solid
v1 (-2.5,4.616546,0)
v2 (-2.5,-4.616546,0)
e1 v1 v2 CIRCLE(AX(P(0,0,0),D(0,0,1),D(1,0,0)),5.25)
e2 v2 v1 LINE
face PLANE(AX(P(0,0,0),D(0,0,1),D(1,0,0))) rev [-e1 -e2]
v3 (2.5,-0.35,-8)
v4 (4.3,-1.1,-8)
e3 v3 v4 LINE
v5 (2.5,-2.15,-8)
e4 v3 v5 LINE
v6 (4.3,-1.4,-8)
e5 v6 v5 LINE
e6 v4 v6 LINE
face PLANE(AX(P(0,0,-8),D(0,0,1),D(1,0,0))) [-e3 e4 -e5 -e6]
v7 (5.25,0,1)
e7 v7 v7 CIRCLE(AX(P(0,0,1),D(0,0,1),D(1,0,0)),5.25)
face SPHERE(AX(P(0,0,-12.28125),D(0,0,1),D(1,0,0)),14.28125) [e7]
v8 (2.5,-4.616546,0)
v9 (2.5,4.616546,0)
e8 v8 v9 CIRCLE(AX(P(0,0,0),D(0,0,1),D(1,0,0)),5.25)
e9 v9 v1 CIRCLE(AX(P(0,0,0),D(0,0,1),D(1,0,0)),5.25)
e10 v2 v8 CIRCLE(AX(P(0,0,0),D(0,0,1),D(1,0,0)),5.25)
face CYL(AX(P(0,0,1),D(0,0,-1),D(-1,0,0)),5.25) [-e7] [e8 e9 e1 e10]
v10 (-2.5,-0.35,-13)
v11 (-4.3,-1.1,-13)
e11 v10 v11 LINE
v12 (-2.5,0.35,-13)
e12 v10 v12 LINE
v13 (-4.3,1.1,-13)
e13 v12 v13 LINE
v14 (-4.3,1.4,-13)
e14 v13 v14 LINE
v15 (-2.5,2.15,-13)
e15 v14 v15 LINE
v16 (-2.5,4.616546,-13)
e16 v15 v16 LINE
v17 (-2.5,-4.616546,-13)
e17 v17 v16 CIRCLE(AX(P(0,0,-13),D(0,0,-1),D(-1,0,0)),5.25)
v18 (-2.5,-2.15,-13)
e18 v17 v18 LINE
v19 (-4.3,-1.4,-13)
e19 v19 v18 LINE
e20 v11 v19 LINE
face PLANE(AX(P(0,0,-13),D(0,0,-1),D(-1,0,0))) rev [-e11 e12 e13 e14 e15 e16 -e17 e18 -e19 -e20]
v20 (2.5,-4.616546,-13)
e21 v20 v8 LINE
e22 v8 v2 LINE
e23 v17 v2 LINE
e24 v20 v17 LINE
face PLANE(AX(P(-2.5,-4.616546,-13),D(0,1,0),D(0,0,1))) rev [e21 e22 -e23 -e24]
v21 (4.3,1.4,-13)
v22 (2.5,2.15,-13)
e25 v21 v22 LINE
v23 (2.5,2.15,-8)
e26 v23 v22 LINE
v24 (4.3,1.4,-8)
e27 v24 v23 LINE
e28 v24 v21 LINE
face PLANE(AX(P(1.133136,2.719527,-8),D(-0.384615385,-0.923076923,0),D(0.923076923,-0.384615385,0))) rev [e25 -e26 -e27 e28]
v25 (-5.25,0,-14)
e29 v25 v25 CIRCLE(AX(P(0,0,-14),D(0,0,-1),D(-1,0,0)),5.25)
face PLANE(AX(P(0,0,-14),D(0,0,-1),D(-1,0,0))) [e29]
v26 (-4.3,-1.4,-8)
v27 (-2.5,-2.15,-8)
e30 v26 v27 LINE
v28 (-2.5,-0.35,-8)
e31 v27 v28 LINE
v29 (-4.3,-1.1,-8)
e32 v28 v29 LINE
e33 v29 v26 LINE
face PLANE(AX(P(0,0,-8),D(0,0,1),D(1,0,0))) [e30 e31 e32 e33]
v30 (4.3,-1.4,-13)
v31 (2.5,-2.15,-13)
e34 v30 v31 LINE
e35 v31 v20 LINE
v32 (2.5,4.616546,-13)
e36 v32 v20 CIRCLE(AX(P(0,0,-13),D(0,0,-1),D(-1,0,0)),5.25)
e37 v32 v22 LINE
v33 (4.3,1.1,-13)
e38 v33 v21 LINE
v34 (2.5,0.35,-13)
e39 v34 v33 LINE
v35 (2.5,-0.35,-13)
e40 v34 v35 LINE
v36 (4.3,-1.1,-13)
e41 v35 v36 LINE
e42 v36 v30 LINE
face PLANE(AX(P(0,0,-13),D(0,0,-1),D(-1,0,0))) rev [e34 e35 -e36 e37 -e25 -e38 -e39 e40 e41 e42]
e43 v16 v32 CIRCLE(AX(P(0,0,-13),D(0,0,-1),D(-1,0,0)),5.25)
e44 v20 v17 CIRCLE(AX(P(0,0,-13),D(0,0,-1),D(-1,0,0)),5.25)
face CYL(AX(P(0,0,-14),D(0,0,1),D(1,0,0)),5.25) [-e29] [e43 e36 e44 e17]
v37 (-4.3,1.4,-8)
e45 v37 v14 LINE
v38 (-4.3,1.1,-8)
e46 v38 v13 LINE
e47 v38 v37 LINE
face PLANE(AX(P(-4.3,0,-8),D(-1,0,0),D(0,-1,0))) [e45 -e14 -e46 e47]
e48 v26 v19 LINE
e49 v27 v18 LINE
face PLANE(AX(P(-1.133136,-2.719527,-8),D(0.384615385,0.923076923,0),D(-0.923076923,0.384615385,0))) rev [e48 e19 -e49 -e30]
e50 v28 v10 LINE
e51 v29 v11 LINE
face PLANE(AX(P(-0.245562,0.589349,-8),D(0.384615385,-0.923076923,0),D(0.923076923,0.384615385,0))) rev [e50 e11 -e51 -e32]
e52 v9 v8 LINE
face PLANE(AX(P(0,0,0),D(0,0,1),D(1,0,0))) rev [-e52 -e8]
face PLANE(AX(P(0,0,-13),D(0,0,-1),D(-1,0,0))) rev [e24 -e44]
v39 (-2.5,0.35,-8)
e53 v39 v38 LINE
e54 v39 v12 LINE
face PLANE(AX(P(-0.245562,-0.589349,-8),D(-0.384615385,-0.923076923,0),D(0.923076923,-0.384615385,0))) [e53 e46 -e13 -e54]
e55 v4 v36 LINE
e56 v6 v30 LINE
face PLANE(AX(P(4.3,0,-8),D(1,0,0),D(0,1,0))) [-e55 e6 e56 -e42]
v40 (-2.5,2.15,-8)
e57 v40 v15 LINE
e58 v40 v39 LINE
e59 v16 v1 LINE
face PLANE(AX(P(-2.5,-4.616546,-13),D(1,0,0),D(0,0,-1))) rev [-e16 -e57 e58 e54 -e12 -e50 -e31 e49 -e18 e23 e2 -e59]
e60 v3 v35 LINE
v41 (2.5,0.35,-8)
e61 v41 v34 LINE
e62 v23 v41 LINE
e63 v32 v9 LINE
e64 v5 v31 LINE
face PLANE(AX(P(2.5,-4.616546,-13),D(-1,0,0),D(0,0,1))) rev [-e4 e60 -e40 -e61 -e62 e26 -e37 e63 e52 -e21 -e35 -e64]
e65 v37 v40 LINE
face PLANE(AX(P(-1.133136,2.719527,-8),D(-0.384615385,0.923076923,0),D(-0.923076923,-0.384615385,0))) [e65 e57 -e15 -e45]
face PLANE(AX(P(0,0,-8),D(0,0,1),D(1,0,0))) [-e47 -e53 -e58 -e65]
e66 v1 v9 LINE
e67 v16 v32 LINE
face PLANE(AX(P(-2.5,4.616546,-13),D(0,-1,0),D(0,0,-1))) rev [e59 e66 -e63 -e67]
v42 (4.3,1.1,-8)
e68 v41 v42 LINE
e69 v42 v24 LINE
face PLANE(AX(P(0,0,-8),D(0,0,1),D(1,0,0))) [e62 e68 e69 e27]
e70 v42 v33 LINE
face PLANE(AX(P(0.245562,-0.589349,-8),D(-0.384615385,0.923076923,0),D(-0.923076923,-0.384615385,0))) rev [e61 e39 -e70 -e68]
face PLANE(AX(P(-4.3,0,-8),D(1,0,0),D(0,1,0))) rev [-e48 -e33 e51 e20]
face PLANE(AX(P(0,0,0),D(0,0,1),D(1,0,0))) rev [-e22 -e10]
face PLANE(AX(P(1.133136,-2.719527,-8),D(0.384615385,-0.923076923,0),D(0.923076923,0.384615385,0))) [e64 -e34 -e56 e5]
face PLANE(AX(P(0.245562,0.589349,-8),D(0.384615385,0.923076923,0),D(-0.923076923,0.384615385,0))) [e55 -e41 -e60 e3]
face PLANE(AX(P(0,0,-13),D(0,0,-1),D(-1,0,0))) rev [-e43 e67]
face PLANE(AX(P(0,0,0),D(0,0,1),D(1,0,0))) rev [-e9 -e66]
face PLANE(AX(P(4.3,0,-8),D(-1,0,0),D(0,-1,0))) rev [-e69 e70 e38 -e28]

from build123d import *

# Parameters (mm, degrees)
SKETCH1_R           = 5.25
BOSS_EXTRUDE1_DEPTH = 1
DOME1_FACE_RADIUS   = 5.25
DOME1_HEIGHT        = 1
SKETCH2_W           = 5
SKETCH2_H           = 9.233092656
BOSS_EXTRUDE2_DEPTH = 13
BOSS_EXTRUDE3_START = 1
SKETCH3_R           = 5.25
BOSS_EXTRUDE3_DEPTH = 1
BOSS_EXTRUDE4_DEPTH = 5


with BuildPart() as part:
    # Sketch1 → Boss-Extrude1 (new body)
    with BuildSketch(Plane.XY):
        Circle(SKETCH1_R)
    extrude(amount=BOSS_EXTRUDE1_DEPTH)

    # Dome1: a dome of height H over a round flat face of radius A is a cap of a sphere of radius (A * A + H * H) / (2 * H)
    dome1_r = (DOME1_FACE_RADIUS * DOME1_FACE_RADIUS + DOME1_HEIGHT * DOME1_HEIGHT) / (2 * DOME1_HEIGHT)
    dome1_base = Plane((0, 0, 1), z_dir=(0, 0, 1))
    with Locations(dome1_base.offset(DOME1_HEIGHT - dome1_r)):
        dome1_ball = Sphere(dome1_r, mode=Mode.PRIVATE)
    add(split(dome1_ball, bisect_by=dome1_base, keep=Keep.TOP, mode=Mode.PRIVATE))

    # Sketch2 → Boss-Extrude2 (add)
    with BuildSketch(Plane(origin=(0, 0, 0), x_dir=(-1, 0, 0), z_dir=(0, 0, -1))):
        Rectangle(SKETCH2_W, SKETCH2_H)
    extrude(amount=BOSS_EXTRUDE2_DEPTH)

    # Sketch3 → Boss-Extrude3 (add)
    with BuildSketch(Plane(origin=(0, 0, -13), x_dir=(-1, 0, 0), z_dir=(0, 0, -1)).offset(BOSS_EXTRUDE3_START)):
        with Locations(Location((0, 0, 0), (0, 0, 61.563109851))):
            Circle(SKETCH3_R)
    extrude(amount=-BOSS_EXTRUDE3_DEPTH)

    # Sketch4 → Boss-Extrude4 (add)
    with BuildSketch(Plane.XY.offset(-13)):
        Polygon((-4.3, 1.4), (-2.5, 2.15), (-2.5, 0.35), (-4.3, 1.1), align=None)
        Polygon((-4.3, -1.1), (-4.3, -1.4), (-2.5, -2.15), (-2.5, -0.35), align=None)
        Polygon((4.3, 1.4), (2.5, 2.15), (2.5, 0.35), (4.3, 1.1), align=None)
        Polygon((4.3, -1.1), (2.5, -0.35), (2.5, -2.15), (4.3, -1.4), align=None)
    extrude(amount=BOSS_EXTRUDE4_DEPTH)


solid = part.part
